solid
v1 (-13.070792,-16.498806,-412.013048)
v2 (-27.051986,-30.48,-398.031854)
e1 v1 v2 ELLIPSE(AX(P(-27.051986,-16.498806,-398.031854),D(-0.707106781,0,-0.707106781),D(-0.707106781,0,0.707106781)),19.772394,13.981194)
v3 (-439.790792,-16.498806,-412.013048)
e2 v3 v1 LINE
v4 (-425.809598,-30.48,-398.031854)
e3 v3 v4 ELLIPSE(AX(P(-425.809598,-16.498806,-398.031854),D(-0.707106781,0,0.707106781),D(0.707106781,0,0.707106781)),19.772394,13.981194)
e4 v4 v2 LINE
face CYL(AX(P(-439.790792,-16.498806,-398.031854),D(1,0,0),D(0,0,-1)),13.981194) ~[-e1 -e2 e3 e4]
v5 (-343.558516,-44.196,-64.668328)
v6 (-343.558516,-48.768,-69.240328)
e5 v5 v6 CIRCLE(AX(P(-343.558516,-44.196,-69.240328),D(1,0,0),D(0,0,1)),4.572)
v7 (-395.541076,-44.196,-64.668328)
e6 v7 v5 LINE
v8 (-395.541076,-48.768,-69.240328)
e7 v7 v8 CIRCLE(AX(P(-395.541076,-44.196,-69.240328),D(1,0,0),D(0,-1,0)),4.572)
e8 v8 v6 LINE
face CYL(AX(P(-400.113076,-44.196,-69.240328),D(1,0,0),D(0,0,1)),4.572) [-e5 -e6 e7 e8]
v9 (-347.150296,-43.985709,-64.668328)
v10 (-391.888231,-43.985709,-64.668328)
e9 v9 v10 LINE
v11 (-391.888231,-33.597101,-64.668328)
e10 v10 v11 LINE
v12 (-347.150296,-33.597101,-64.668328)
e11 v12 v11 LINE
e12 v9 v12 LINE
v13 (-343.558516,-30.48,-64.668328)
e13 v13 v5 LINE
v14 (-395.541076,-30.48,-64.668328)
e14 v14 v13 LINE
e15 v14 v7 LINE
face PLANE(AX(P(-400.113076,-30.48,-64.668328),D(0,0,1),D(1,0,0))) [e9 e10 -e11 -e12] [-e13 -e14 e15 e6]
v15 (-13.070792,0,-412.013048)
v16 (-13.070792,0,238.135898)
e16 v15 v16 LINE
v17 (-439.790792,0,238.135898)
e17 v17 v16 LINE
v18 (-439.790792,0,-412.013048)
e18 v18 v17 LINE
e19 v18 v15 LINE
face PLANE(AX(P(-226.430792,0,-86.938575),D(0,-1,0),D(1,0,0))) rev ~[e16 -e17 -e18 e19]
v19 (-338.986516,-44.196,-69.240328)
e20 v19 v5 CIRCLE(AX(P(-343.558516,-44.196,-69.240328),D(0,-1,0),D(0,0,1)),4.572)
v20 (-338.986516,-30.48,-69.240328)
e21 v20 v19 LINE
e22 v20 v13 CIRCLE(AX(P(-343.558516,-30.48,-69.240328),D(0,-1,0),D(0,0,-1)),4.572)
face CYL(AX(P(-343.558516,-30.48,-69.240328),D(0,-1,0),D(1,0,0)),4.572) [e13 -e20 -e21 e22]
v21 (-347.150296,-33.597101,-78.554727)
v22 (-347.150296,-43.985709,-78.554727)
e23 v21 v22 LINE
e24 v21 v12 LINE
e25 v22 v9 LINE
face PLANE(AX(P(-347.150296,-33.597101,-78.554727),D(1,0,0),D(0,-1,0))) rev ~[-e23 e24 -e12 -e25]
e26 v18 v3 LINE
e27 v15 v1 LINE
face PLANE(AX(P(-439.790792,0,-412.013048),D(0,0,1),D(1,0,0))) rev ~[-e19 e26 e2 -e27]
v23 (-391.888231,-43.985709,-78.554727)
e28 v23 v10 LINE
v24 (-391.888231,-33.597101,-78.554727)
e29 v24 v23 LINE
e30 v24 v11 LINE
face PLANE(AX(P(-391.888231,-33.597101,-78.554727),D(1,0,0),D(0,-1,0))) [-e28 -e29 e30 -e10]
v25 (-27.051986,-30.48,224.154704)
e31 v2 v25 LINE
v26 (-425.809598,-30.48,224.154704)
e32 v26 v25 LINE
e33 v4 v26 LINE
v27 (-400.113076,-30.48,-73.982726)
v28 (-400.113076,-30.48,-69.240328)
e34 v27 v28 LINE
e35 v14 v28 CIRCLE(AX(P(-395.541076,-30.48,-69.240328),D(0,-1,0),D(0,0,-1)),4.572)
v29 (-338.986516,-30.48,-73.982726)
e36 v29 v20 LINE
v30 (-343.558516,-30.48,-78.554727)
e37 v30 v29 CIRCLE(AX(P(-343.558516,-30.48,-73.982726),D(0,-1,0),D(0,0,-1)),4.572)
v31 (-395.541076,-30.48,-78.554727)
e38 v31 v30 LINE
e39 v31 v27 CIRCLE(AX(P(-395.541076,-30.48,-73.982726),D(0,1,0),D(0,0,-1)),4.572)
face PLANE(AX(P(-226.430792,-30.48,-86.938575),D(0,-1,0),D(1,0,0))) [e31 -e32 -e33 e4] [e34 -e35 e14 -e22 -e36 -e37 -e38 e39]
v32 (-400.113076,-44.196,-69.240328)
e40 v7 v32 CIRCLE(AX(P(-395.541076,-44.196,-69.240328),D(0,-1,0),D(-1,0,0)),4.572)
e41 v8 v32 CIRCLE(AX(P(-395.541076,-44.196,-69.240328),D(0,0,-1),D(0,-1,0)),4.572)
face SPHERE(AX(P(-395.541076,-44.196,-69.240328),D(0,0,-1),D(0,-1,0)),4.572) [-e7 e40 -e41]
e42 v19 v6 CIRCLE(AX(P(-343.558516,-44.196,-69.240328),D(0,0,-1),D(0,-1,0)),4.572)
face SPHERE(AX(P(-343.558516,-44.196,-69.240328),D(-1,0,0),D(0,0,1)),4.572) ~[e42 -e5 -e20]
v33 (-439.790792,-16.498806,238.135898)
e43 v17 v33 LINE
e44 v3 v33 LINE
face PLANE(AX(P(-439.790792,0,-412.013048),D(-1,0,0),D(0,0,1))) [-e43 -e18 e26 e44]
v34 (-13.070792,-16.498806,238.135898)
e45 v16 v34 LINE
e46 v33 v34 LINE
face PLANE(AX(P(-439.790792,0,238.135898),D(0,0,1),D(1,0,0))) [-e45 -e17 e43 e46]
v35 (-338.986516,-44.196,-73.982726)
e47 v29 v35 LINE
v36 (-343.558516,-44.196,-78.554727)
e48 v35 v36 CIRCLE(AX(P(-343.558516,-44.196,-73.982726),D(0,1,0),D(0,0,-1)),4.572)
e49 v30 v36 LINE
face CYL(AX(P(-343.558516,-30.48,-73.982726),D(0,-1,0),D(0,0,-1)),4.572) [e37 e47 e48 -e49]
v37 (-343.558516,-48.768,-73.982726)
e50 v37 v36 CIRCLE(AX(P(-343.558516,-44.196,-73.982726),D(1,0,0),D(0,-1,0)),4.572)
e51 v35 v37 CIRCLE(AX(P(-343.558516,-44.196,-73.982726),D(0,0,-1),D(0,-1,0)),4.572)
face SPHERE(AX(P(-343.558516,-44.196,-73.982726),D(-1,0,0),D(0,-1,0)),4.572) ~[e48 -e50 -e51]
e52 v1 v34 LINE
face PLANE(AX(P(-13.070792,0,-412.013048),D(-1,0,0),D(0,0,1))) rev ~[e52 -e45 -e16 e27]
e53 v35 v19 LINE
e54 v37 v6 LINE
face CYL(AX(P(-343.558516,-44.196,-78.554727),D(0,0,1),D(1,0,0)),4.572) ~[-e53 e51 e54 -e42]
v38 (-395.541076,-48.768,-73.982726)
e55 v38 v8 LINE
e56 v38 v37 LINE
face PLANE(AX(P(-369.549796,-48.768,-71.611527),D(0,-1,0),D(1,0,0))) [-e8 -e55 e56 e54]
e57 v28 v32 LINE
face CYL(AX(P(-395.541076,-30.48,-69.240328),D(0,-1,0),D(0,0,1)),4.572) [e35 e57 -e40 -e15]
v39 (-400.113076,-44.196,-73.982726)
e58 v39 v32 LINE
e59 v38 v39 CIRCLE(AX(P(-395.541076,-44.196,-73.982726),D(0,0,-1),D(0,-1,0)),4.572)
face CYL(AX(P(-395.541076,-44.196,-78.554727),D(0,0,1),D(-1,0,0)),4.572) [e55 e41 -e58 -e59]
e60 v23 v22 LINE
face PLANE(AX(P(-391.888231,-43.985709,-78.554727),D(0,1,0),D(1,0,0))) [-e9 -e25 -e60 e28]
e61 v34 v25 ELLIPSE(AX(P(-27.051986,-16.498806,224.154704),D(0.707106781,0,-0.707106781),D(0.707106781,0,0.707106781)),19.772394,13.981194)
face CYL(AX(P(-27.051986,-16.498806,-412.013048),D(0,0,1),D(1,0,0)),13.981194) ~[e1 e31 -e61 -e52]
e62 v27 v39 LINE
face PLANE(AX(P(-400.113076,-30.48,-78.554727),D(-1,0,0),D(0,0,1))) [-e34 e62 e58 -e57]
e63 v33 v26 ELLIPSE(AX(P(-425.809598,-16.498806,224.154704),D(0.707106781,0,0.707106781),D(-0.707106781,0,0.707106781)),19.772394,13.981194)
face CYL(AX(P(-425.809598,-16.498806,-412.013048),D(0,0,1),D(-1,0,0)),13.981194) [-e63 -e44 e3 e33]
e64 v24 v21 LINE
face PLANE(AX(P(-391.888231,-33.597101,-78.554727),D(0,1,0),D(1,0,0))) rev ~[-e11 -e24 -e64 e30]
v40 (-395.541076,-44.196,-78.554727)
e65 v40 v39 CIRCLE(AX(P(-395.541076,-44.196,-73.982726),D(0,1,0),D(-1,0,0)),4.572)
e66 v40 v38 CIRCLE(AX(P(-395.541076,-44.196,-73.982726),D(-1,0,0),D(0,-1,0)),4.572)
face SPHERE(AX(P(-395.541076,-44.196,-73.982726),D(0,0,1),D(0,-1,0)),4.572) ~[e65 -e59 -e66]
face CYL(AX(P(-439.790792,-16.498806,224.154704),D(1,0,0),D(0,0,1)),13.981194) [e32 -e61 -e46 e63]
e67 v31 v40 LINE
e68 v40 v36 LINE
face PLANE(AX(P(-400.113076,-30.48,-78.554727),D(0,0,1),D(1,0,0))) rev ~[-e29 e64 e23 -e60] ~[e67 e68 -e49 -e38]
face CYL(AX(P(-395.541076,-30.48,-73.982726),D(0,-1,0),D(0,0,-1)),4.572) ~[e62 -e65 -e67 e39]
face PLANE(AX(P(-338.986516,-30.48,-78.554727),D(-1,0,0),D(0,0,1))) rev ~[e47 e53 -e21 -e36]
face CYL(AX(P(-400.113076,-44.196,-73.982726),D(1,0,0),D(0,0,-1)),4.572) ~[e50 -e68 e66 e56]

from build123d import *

# Parameters (mm, degrees)
F0_W     = 426.72
F0_H     = 650.148946
F1_DEPTH = 30.48
F2_R     = 13.981194
F3_W     = 61.12656
F3_H     = 13.886399
F4_DEPTH = 18.288
F5_W     = 44.737935
F5_H     = 10.388609
F6_DEPTH = 39.0144
F7_R     = 4.572


with BuildPart() as f1:
    # F0 (on Front) → F1 (new body)
    with BuildSketch(Plane.XZ):
        with Locations((-226.430792, -86.938575)):
            Rectangle(F0_W, F0_H)
    extrude(amount=F1_DEPTH)

    # F2
    f2_edges = [f1.edges().sort_by_distance(p)[0] for p in [
        (-439.790792, -30.48, -86.938575),
        (-226.430792, -30.48, 238.135898),
        (-13.070792, -30.48, -86.938575),
        (-226.430792, -30.48, -412.013048),
    ]]
    fillet(f2_edges, radius=F2_R)

    # F3 (on face) → F4 (join)
    with BuildSketch(Plane.XZ.offset(30.48)):
        with Locations((-369.549796, -71.611527)):
            Rectangle(F3_W, F3_H)
    extrude(amount=F4_DEPTH)

    # F5 (on face) → F6 (cut)
    with BuildSketch(Plane(origin=(0, 0, -78.554727), x_dir=(1, 0, 0), z_dir=(0, 0, -1))):
        with Locations((-369.519263, 38.791405)):
            Rectangle(F5_W, F5_H)
    extrude(amount=-F6_DEPTH, mode=Mode.SUBTRACT)

    # F7
    f7_edges = [f1.edges().sort_by_distance(p)[0] for p in [
        (-400.113076, -48.768, -71.611527),
        (-369.549796, -48.768, -64.668328),
        (-369.549796, -48.768, -78.554727),
        (-338.986516, -39.624, -64.668328),
        (-338.986516, -48.768, -71.611527),
        (-338.986516, -39.624, -78.554727),
        (-400.113076, -39.624, -78.554727),
        (-400.113076, -39.624, -64.668328),
    ]]
    fillet(f7_edges, radius=F7_R)


solid = f1.part
